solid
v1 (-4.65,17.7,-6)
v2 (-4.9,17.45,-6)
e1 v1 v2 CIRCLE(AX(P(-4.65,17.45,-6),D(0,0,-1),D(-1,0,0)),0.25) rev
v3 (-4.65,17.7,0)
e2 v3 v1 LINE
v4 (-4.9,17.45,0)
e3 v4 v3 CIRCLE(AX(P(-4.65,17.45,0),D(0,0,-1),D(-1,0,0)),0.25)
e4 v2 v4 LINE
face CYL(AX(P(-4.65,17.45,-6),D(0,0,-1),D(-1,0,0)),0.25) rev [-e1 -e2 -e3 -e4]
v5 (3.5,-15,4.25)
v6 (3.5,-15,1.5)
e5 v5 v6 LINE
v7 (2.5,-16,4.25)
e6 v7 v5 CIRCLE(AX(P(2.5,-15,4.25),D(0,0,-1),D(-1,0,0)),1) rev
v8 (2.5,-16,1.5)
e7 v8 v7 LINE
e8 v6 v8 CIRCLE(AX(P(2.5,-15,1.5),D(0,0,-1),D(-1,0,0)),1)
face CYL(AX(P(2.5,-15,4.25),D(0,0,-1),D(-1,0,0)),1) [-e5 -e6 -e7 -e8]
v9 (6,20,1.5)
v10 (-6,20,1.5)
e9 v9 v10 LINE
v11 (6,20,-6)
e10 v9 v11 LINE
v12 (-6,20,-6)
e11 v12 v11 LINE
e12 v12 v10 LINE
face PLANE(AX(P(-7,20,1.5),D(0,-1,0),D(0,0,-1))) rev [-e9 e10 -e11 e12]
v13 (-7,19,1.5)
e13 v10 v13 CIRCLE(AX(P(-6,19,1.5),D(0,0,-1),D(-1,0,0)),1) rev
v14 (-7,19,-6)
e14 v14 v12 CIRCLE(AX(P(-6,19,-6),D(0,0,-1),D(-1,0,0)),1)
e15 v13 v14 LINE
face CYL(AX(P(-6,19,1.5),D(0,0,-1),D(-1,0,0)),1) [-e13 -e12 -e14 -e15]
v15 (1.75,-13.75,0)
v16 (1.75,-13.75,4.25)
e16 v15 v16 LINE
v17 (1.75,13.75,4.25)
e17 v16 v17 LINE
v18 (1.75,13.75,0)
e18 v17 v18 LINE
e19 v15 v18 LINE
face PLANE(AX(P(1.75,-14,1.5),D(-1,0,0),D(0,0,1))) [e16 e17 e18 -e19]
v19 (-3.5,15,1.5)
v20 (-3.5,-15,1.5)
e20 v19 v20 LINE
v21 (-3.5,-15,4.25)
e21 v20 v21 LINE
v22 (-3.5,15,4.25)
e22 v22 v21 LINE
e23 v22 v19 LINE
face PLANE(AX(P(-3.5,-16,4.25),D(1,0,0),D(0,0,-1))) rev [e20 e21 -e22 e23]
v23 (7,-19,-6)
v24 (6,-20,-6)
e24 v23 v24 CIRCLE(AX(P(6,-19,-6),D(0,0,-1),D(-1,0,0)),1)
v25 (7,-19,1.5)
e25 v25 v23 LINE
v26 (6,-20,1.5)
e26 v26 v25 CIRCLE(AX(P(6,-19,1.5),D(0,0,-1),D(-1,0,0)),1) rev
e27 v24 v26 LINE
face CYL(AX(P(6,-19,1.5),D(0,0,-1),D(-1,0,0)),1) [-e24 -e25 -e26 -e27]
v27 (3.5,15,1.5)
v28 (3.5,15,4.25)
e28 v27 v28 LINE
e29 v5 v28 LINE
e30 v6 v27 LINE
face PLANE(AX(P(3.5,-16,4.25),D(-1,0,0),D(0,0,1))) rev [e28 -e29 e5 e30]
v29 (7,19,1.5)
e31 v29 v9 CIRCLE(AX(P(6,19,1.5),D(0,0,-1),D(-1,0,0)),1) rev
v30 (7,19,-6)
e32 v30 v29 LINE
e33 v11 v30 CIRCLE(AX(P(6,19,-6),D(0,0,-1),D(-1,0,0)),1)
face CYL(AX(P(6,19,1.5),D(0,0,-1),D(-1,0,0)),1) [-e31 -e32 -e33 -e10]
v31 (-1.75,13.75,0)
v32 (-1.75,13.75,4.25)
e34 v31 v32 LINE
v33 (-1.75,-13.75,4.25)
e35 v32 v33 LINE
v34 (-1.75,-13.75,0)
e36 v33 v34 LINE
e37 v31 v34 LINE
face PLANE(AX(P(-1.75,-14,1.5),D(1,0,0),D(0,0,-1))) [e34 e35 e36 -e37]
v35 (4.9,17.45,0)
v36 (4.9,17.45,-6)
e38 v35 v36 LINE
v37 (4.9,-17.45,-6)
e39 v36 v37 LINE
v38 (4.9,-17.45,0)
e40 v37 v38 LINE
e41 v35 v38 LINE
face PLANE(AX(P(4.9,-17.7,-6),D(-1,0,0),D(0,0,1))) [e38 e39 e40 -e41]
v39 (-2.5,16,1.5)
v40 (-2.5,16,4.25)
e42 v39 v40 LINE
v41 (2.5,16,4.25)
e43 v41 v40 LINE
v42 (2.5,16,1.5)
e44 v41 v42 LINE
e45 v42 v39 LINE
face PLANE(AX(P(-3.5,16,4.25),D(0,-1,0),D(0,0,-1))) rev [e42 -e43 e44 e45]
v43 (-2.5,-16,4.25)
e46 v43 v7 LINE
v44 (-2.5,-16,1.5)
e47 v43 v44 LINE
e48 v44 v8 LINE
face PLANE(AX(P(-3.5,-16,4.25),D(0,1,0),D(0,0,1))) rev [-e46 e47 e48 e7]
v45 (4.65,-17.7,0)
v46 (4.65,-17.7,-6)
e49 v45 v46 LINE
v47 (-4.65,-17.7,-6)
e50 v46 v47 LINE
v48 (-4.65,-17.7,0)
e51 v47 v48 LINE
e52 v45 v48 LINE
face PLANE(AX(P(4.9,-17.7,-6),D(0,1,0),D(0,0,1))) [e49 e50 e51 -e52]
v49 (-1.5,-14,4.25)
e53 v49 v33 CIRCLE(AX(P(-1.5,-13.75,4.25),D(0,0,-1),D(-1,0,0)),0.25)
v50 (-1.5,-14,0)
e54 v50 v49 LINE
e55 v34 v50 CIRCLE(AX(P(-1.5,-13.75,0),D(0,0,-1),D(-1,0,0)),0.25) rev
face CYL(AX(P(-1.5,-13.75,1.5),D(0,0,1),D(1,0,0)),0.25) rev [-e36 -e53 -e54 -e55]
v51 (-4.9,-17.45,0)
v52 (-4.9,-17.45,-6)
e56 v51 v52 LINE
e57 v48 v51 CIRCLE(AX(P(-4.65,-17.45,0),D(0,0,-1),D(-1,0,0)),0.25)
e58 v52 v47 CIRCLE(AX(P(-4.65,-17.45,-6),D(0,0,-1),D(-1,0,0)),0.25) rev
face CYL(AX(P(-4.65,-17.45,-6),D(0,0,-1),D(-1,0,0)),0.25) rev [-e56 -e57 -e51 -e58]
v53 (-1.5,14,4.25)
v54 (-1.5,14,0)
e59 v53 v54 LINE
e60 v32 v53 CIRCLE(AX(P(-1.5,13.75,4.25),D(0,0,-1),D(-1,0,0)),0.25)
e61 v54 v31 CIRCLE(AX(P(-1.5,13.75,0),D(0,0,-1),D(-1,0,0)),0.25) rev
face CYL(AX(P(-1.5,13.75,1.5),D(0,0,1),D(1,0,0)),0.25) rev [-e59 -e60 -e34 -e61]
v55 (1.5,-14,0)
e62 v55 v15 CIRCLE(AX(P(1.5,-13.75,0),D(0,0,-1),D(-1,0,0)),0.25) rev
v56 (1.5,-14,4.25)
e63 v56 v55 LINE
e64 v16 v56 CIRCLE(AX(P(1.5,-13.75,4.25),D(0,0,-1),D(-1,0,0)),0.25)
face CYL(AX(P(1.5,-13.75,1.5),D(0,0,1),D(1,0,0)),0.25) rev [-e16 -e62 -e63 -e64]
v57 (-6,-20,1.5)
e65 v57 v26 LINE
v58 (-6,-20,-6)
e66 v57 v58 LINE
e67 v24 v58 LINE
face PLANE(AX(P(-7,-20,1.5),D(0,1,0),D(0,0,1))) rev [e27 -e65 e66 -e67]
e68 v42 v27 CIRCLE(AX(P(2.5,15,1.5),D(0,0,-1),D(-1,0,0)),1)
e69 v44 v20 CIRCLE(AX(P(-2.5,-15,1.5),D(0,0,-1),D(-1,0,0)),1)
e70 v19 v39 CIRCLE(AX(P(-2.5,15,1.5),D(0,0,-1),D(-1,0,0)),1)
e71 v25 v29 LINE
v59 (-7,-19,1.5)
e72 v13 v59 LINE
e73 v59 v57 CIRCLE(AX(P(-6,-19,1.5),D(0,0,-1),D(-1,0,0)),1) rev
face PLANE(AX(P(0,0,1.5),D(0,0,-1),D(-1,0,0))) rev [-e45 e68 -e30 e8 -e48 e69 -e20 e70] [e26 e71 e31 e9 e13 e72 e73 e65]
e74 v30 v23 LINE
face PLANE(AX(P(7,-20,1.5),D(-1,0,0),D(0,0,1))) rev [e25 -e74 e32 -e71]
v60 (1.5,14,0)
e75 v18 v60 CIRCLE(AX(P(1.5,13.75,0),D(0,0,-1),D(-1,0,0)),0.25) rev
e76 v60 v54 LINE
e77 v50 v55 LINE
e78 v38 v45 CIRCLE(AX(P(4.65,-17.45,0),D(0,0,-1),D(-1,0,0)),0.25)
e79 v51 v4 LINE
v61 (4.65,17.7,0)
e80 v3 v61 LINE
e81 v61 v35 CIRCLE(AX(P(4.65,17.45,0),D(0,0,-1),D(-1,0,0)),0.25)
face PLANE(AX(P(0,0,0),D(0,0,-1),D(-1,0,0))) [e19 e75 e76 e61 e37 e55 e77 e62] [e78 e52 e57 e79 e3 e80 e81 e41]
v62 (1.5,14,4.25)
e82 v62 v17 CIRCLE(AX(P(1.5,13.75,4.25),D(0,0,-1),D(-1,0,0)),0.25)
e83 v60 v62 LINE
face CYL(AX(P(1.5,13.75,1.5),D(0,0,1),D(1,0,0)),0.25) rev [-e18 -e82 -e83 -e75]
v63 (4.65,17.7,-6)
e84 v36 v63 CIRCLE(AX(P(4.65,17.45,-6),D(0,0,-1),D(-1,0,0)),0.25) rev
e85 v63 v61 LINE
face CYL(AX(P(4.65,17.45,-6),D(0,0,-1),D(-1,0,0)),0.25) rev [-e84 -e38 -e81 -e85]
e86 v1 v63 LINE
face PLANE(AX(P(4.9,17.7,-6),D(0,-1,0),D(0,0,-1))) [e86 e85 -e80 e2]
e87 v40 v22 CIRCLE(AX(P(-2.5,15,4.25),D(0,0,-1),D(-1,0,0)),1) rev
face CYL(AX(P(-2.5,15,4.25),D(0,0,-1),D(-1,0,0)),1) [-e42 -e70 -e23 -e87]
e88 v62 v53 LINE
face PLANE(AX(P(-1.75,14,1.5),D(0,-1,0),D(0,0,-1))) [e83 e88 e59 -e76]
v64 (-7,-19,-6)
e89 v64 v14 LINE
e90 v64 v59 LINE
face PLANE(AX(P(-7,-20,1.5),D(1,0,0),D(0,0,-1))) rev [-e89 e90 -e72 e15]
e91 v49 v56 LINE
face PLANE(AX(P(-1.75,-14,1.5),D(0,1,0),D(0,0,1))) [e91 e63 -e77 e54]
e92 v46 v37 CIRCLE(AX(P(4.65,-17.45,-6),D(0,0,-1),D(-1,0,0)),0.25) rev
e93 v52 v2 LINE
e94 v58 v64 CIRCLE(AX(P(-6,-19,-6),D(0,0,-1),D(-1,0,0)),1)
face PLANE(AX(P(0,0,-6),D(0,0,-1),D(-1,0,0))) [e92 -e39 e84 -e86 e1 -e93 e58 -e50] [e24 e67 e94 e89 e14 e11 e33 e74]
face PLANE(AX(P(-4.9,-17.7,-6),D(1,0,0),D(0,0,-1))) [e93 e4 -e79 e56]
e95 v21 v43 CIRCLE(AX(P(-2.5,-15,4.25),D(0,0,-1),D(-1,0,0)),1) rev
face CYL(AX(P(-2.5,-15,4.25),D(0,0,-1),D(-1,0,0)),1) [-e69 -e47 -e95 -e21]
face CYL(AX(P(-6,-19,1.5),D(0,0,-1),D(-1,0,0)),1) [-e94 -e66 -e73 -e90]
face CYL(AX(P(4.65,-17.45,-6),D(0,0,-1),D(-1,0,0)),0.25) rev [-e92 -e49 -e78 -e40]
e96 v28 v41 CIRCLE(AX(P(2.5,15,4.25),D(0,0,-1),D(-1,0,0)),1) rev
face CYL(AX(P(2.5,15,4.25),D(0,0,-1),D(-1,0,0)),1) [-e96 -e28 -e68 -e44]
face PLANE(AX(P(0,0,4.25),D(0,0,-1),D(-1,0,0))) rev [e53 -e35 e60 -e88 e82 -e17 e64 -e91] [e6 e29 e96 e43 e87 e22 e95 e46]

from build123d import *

# Parameters (mm, degrees)
SKETCH1_W      = 14
SKETCH1_H      = 40
SKETCH1_W_2    = 3.5
SKETCH1_H_2    = 28
EXTRUDE1_DEPTH = 1.5
SKETCH2_W      = 7
SKETCH2_H      = 32
SKETCH2_W_2    = 3.5
SKETCH2_H_2    = 28
EXTRUDE2_DEPTH = 2.75
SKETCH3_W      = 14
SKETCH3_H      = 40
SKETCH3_W_2    = 9.8
SKETCH3_H_2    = 35.4
EXTRUDE3_DEPTH = 6
FILLET1_R      = 0.25
FILLET2_R      = 1


with BuildPart() as part:
    # Sketch1 → Extrude1 (new body)
    with BuildSketch(Plane.XY):
        Rectangle(SKETCH1_W, SKETCH1_H)
        Rectangle(SKETCH1_W_2, SKETCH1_H_2, mode=Mode.SUBTRACT)
    extrude(amount=EXTRUDE1_DEPTH)

    # Sketch2 → Extrude2 (add)
    with BuildSketch(Plane.XY.offset(1.5)):
        Rectangle(SKETCH2_W, SKETCH2_H)
        Rectangle(SKETCH2_W_2, SKETCH2_H_2, mode=Mode.SUBTRACT)
    extrude(amount=EXTRUDE2_DEPTH)

    # Sketch3 → Extrude3 (add)
    with BuildSketch(Plane(origin=(0, 0, 0), x_dir=(-1, 0, 0), z_dir=(0, 0, -1))):
        Rectangle(SKETCH3_W, SKETCH3_H)
        Rectangle(SKETCH3_W_2, SKETCH3_H_2, mode=Mode.SUBTRACT)
    extrude(amount=EXTRUDE3_DEPTH)

    # Fillet1
    fillet1_edges = [part.edges().sort_by_distance(p)[0] for p in [
        (1.75, -14, 2.125),
        (1.75, 14, 2.125),
        (-1.75, 14, 2.125),
        (-1.75, -14, 2.125),
        (-4.9, 17.7, -3),
        (4.9, 17.7, -3),
        (4.9, -17.7, -3),
        (-4.9, -17.7, -3),
    ]]
    fillet(fillet1_edges, radius=FILLET1_R)

    # Fillet2
    fillet2_edges = [part.edges().sort_by_distance(p)[0] for p in [
        (3.5, -16, 2.875),
        (3.5, 16, 2.875),
        (-3.5, 16, 2.875),
        (-3.5, -16, 2.875),
        (7, -20, -2.25),
        (-7, -20, -2.25),
        (-7, 20, -2.25),
        (7, 20, -2.25),
    ]]
    fillet(fillet2_edges, radius=FILLET2_R)


solid = part.part
